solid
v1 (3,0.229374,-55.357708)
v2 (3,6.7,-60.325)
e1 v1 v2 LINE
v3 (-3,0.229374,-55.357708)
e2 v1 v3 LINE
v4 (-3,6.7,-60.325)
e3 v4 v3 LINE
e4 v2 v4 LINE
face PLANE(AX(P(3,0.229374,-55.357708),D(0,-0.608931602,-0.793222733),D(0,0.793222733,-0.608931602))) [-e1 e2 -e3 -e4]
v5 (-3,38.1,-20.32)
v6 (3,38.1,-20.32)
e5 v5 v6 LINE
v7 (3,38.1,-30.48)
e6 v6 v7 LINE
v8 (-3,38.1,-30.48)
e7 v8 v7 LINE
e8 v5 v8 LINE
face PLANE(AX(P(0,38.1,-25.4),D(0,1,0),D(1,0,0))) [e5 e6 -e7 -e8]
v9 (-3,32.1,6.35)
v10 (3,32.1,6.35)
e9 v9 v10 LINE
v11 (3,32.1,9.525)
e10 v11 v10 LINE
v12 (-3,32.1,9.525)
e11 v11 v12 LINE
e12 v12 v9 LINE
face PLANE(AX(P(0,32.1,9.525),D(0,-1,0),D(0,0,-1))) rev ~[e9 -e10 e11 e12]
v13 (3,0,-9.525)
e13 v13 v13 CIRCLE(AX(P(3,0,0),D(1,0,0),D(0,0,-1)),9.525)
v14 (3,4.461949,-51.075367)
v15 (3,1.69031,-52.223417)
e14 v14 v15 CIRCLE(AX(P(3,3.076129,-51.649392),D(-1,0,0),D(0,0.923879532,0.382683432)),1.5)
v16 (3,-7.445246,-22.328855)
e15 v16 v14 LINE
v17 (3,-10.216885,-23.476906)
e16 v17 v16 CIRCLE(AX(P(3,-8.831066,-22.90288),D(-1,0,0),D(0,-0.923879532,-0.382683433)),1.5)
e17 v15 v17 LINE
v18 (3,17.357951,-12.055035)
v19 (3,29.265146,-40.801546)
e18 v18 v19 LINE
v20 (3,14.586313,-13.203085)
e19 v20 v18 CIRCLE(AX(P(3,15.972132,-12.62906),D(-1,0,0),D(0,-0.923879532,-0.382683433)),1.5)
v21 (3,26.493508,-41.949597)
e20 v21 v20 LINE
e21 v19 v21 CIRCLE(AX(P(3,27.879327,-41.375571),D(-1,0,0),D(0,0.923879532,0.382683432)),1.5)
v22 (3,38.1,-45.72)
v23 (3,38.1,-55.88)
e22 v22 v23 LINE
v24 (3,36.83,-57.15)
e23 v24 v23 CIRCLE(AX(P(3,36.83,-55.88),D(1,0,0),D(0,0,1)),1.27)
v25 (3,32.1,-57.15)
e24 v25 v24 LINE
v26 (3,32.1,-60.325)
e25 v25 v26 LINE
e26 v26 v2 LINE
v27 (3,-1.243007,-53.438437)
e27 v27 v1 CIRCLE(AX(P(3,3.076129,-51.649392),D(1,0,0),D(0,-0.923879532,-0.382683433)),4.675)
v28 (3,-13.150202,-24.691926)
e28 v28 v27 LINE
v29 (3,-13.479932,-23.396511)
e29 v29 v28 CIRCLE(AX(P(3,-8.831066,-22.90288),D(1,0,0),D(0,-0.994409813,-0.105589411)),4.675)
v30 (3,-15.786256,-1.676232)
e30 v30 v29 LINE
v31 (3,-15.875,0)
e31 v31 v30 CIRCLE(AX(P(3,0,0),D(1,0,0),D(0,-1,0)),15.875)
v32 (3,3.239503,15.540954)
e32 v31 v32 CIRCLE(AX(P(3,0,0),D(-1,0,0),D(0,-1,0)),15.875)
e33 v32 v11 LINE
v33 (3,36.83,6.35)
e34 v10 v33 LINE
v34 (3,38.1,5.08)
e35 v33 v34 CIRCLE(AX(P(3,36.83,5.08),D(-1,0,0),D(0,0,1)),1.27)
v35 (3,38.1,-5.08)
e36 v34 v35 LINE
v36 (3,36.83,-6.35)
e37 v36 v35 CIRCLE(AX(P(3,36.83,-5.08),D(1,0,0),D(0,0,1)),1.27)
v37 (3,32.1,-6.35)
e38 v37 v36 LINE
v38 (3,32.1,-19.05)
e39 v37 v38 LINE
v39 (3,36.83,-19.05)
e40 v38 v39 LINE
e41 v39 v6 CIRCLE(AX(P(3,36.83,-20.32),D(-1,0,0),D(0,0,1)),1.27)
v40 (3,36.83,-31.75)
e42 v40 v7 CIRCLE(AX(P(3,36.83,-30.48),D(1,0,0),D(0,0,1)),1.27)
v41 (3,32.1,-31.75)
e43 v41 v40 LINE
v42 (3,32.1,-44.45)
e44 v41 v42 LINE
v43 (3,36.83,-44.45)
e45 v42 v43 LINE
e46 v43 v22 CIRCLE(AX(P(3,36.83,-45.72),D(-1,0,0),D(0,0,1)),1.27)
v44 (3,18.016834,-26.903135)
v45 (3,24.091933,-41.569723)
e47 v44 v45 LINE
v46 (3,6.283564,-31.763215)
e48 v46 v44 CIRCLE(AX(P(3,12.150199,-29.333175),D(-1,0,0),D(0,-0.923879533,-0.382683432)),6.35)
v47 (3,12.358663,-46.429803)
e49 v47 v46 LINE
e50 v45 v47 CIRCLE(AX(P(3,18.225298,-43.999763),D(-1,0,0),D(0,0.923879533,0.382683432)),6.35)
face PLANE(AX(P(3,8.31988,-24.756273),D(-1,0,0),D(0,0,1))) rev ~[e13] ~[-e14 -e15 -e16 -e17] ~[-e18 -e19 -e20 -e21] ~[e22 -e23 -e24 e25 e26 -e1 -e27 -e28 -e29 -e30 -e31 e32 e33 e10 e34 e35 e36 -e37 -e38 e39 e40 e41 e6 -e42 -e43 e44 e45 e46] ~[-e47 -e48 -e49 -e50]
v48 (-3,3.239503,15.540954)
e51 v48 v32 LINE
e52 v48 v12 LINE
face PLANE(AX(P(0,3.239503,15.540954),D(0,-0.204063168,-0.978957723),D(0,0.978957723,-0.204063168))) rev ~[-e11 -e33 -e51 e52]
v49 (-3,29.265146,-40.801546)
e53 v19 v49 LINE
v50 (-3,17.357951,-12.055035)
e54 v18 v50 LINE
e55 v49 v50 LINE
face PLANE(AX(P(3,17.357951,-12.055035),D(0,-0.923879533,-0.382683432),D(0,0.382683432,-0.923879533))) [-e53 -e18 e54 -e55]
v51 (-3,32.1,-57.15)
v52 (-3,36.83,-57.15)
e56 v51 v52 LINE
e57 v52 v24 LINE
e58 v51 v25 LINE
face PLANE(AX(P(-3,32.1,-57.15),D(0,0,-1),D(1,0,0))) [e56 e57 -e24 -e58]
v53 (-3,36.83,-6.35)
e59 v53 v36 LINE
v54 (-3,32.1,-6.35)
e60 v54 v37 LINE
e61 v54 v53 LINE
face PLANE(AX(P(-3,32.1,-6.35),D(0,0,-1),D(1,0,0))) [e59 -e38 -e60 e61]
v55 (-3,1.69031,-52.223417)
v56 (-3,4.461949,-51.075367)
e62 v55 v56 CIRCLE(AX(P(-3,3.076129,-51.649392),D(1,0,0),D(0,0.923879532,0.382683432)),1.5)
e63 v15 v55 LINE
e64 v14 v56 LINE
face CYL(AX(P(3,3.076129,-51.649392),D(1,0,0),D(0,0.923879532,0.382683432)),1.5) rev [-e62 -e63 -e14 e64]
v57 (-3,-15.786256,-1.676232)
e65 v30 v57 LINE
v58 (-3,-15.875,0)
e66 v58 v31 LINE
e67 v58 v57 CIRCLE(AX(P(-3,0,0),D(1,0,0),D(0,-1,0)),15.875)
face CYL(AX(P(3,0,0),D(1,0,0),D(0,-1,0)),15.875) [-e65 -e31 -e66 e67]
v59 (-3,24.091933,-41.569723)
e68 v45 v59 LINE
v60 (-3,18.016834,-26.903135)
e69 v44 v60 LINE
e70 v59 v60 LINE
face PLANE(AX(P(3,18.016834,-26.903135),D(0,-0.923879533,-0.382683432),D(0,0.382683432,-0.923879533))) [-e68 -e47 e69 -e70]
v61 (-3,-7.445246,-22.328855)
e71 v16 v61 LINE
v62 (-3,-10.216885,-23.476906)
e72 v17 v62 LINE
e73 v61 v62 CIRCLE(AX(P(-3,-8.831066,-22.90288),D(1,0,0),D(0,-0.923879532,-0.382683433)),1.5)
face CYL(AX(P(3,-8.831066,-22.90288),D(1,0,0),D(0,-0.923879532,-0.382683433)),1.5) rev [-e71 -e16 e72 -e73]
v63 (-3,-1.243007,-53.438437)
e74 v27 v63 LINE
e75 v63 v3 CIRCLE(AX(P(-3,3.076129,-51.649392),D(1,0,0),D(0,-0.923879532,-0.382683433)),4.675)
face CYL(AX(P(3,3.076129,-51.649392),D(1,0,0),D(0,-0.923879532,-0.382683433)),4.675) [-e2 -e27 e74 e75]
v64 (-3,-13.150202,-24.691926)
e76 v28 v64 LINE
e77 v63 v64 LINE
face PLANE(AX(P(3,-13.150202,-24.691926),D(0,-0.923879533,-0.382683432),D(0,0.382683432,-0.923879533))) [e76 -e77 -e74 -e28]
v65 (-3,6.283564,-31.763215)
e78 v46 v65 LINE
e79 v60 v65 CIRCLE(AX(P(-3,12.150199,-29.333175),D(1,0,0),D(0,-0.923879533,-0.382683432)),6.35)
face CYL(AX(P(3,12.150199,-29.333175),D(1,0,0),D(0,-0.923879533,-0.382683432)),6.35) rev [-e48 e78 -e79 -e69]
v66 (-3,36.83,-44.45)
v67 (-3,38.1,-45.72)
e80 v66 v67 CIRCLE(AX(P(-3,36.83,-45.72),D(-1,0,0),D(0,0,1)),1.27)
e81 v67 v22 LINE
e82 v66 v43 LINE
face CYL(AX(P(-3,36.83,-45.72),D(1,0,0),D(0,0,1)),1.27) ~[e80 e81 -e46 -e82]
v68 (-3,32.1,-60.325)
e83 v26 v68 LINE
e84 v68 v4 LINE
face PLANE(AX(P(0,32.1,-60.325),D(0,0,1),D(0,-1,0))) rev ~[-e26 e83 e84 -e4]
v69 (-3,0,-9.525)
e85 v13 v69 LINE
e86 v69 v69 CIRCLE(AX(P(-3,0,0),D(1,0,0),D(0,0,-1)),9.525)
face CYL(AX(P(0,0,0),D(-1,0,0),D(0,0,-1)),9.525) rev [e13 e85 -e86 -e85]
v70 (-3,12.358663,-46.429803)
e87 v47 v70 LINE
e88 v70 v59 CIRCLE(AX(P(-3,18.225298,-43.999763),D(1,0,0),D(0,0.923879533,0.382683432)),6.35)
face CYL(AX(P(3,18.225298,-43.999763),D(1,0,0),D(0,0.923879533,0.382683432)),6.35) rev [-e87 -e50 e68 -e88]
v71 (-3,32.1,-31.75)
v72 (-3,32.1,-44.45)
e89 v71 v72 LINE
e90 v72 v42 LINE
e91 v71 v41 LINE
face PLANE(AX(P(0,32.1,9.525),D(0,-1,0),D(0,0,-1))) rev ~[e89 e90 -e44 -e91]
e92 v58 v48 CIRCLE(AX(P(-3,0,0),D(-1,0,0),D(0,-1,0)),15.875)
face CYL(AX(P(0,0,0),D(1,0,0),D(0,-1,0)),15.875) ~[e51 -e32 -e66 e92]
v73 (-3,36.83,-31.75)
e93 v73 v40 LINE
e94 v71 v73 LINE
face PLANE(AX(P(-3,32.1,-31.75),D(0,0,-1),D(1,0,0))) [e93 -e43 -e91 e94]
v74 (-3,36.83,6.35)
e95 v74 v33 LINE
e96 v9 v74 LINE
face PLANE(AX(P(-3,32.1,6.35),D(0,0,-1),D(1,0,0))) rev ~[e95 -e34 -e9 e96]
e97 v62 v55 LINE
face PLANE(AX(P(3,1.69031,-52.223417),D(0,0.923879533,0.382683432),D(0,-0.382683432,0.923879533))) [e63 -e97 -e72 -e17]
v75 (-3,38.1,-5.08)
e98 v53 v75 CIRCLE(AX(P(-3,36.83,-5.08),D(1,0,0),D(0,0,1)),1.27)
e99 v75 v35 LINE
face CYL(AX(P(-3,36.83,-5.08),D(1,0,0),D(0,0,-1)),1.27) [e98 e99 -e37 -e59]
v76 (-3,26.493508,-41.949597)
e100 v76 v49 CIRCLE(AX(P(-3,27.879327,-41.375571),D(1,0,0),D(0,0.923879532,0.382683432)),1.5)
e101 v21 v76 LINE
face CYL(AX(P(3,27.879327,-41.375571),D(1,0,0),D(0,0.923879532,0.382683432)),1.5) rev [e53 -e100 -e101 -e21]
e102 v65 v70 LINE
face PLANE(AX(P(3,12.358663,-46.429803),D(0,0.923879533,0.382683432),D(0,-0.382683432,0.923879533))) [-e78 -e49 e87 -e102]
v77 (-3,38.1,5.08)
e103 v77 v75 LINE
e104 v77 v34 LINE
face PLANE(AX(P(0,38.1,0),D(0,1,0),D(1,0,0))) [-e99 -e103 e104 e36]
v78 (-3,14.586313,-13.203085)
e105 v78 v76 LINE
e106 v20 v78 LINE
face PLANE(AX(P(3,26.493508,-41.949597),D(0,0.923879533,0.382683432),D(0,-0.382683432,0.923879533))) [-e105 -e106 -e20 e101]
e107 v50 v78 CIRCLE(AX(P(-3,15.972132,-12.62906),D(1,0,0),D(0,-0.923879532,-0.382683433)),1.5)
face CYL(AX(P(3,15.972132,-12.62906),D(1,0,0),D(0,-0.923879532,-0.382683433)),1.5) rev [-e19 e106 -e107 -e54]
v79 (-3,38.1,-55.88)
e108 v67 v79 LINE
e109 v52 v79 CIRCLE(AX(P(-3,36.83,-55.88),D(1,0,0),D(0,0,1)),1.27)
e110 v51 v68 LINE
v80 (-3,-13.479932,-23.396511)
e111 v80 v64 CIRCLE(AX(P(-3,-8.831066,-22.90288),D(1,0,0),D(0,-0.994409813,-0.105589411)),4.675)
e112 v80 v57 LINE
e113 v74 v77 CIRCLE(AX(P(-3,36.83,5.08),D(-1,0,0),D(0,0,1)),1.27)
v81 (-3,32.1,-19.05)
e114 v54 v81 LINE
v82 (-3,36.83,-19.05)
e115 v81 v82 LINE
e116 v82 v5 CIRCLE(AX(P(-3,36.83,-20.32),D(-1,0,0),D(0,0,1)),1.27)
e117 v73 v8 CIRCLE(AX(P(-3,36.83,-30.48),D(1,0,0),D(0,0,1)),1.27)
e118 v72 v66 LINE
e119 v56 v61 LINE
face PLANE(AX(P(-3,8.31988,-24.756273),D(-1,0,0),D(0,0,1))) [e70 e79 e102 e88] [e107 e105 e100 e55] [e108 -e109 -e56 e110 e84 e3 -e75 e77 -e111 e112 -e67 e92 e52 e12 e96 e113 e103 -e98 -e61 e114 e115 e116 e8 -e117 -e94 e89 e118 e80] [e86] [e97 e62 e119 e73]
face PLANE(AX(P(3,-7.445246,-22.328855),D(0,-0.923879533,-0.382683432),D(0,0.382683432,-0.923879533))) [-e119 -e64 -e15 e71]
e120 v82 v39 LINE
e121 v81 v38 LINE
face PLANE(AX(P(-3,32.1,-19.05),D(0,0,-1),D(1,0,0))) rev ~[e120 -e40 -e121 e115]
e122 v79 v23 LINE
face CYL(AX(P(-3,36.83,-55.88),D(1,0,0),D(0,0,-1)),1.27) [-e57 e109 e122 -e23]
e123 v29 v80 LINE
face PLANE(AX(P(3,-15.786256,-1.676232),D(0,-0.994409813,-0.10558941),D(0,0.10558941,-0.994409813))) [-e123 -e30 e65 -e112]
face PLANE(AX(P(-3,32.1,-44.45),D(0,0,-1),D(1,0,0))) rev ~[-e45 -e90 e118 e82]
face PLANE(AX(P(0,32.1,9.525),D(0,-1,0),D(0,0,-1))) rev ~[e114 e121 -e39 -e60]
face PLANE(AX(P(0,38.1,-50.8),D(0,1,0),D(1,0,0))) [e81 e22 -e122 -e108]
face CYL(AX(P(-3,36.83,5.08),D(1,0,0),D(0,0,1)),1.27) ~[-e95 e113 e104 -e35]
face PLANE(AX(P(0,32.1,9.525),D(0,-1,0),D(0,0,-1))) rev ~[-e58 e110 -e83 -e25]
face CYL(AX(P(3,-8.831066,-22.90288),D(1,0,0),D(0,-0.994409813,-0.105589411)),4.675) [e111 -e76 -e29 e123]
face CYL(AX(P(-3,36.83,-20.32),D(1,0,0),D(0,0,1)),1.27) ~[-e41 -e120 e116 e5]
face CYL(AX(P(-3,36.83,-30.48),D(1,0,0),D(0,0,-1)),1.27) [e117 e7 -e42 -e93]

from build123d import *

# Parameters (mm, degrees)
SKETCH1_R              = 9.525
BOSS_EXTRUDE1_DEPTH    = 3
CUT_EXTRUDE1_DEPTH     = 69.596761039
SKETCH3_W              = 6
SKETCH3_H              = 12.7
BOSS_EXTRUDE2_DEPTH    = 6
FILLET1_R              = 1.27
LPATTERN1_COUNT        = 3
LPATTERN1_PITCH        = 25.4
FILLET1_OF_LPATTERN1_R = 1.27


with BuildPart() as part:
    # Sketch1 → Boss-Extrude1 (new, symmetric)
    with BuildSketch(Plane(origin=(0, 0, 0), x_dir=(0, 0, -1), z_dir=(1, 0, 0))):
        with BuildLine():
            Line((-15.540953853, 3.23950279), (-9.525, 32.1))
            Line((-9.525, 32.1), (60.325, 32.1))
            Line((60.325, 32.1), (60.325, -15.875))
            Line((60.325, -15.875), (0, -15.875))
            ThreePointArc((0, -15.875), (-12.317522717, -10.014702148), (-15.540953853, 3.23950279))
        make_face()
        Circle(SKETCH1_R, mode=Mode.SUBTRACT)
    extrude(amount=BOSS_EXTRUDE1_DEPTH, both=True)

    # Sketch2 → Cut-Extrude1 (cut, through all)
    with BuildSketch(Plane(origin=(3, 0, 0), x_dir=(0, 0, -1), z_dir=(1, 0, 0))):
        with BuildLine():
            Line((1.676231888, -15.786255783), (23.396510982, -13.47993154))
            ThreePointArc((23.396510982, -13.47993154), (24.056064004, -13.361605673), (24.691925535, -13.150202478))
            Line((24.691925535, -13.150202478), (53.43843719, -1.24300748))
            ThreePointArc((53.43843719, -1.24300748), (54.494953994, -0.633102763), (55.357708418, 0.229374093))
            Line((55.357708418, 0.229374093), (60.325, 6.7))
            Line((60.325, 6.7), (60.325, -15.875))
            Line((60.325, -15.875), (0, -15.875))
            ThreePointArc((0, -15.875), (0.839289711, -15.852798421), (1.676231888, -15.786255783))
        make_face()
        with BuildLine():
            Line((26.903135362, 18.016834009), (41.56972294, 24.091933498))
            ThreePointArc((41.56972294, 24.091933498), (49.866397767, 20.655338262), (46.429802531, 12.358663435))
            Line((46.429802531, 12.358663435), (31.763214953, 6.283563946))
            ThreePointArc((31.763214953, 6.283563946), (23.466540126, 9.720159182), (26.903135362, 18.016834009))
        make_face()
        with BuildLine():
            Line((22.328855341, -7.445246365), (51.075366995, 4.461948633))
            ThreePointArc((51.075366995, 4.461948633), (53.035211442, 3.650154483), (52.223417292, 1.690310036))
            Line((52.223417292, 1.690310036), (23.476905638, -10.216884962))
            ThreePointArc((23.476905638, -10.216884962), (21.51706119, -9.405090812), (22.328855341, -7.445246365))
        make_face()
        with BuildLine():
            Line((12.055034553, 17.357951117), (40.801546208, 29.265146115))
            ThreePointArc((40.801546208, 29.265146115), (42.761390655, 28.453351965), (41.949596505, 26.493507518))
            Line((41.949596505, 26.493507518), (13.203084851, 14.58631252))
            ThreePointArc((13.203084851, 14.58631252), (11.243240403, 15.39810667), (12.055034553, 17.357951117))
        make_face()
    extrude(amount=-CUT_EXTRUDE1_DEPTH, mode=Mode.SUBTRACT)

    # Sketch3 → Boss-Extrude2 (add)
    with BuildSketch(Plane(origin=(0, 32.1, 0), x_dir=(1, 0, 0), z_dir=(0, 1, 0))):
        Rectangle(SKETCH3_W, SKETCH3_H)
    boss_extrude2 = extrude(amount=BOSS_EXTRUDE2_DEPTH)

    # Fillet1
    fillet1_edges = [part.edges().sort_by_distance(p)[0] for p in [
        (0, 38.1, -6.35),
        (0, 38.1, 6.35),
    ]]
    fillet(fillet1_edges, radius=FILLET1_R)

    # LPattern1: Boss-Extrude2 ×3
    with Locations(*[(0, 0, -i * LPATTERN1_PITCH) for i in range(1, LPATTERN1_COUNT)]):
        add(boss_extrude2)

    # Fillet1 of LPattern1
    fillet1_of_lpattern1_edges = [part.edges().sort_by_distance(p)[0] for p in [
        (0, 38.1, -31.75),
        (0, 38.1, -19.05),
        (0, 38.1, -57.15),
        (0, 38.1, -44.45),
    ]]
    fillet(fillet1_of_lpattern1_edges, radius=FILLET1_OF_LPATTERN1_R)


solid = part.part
